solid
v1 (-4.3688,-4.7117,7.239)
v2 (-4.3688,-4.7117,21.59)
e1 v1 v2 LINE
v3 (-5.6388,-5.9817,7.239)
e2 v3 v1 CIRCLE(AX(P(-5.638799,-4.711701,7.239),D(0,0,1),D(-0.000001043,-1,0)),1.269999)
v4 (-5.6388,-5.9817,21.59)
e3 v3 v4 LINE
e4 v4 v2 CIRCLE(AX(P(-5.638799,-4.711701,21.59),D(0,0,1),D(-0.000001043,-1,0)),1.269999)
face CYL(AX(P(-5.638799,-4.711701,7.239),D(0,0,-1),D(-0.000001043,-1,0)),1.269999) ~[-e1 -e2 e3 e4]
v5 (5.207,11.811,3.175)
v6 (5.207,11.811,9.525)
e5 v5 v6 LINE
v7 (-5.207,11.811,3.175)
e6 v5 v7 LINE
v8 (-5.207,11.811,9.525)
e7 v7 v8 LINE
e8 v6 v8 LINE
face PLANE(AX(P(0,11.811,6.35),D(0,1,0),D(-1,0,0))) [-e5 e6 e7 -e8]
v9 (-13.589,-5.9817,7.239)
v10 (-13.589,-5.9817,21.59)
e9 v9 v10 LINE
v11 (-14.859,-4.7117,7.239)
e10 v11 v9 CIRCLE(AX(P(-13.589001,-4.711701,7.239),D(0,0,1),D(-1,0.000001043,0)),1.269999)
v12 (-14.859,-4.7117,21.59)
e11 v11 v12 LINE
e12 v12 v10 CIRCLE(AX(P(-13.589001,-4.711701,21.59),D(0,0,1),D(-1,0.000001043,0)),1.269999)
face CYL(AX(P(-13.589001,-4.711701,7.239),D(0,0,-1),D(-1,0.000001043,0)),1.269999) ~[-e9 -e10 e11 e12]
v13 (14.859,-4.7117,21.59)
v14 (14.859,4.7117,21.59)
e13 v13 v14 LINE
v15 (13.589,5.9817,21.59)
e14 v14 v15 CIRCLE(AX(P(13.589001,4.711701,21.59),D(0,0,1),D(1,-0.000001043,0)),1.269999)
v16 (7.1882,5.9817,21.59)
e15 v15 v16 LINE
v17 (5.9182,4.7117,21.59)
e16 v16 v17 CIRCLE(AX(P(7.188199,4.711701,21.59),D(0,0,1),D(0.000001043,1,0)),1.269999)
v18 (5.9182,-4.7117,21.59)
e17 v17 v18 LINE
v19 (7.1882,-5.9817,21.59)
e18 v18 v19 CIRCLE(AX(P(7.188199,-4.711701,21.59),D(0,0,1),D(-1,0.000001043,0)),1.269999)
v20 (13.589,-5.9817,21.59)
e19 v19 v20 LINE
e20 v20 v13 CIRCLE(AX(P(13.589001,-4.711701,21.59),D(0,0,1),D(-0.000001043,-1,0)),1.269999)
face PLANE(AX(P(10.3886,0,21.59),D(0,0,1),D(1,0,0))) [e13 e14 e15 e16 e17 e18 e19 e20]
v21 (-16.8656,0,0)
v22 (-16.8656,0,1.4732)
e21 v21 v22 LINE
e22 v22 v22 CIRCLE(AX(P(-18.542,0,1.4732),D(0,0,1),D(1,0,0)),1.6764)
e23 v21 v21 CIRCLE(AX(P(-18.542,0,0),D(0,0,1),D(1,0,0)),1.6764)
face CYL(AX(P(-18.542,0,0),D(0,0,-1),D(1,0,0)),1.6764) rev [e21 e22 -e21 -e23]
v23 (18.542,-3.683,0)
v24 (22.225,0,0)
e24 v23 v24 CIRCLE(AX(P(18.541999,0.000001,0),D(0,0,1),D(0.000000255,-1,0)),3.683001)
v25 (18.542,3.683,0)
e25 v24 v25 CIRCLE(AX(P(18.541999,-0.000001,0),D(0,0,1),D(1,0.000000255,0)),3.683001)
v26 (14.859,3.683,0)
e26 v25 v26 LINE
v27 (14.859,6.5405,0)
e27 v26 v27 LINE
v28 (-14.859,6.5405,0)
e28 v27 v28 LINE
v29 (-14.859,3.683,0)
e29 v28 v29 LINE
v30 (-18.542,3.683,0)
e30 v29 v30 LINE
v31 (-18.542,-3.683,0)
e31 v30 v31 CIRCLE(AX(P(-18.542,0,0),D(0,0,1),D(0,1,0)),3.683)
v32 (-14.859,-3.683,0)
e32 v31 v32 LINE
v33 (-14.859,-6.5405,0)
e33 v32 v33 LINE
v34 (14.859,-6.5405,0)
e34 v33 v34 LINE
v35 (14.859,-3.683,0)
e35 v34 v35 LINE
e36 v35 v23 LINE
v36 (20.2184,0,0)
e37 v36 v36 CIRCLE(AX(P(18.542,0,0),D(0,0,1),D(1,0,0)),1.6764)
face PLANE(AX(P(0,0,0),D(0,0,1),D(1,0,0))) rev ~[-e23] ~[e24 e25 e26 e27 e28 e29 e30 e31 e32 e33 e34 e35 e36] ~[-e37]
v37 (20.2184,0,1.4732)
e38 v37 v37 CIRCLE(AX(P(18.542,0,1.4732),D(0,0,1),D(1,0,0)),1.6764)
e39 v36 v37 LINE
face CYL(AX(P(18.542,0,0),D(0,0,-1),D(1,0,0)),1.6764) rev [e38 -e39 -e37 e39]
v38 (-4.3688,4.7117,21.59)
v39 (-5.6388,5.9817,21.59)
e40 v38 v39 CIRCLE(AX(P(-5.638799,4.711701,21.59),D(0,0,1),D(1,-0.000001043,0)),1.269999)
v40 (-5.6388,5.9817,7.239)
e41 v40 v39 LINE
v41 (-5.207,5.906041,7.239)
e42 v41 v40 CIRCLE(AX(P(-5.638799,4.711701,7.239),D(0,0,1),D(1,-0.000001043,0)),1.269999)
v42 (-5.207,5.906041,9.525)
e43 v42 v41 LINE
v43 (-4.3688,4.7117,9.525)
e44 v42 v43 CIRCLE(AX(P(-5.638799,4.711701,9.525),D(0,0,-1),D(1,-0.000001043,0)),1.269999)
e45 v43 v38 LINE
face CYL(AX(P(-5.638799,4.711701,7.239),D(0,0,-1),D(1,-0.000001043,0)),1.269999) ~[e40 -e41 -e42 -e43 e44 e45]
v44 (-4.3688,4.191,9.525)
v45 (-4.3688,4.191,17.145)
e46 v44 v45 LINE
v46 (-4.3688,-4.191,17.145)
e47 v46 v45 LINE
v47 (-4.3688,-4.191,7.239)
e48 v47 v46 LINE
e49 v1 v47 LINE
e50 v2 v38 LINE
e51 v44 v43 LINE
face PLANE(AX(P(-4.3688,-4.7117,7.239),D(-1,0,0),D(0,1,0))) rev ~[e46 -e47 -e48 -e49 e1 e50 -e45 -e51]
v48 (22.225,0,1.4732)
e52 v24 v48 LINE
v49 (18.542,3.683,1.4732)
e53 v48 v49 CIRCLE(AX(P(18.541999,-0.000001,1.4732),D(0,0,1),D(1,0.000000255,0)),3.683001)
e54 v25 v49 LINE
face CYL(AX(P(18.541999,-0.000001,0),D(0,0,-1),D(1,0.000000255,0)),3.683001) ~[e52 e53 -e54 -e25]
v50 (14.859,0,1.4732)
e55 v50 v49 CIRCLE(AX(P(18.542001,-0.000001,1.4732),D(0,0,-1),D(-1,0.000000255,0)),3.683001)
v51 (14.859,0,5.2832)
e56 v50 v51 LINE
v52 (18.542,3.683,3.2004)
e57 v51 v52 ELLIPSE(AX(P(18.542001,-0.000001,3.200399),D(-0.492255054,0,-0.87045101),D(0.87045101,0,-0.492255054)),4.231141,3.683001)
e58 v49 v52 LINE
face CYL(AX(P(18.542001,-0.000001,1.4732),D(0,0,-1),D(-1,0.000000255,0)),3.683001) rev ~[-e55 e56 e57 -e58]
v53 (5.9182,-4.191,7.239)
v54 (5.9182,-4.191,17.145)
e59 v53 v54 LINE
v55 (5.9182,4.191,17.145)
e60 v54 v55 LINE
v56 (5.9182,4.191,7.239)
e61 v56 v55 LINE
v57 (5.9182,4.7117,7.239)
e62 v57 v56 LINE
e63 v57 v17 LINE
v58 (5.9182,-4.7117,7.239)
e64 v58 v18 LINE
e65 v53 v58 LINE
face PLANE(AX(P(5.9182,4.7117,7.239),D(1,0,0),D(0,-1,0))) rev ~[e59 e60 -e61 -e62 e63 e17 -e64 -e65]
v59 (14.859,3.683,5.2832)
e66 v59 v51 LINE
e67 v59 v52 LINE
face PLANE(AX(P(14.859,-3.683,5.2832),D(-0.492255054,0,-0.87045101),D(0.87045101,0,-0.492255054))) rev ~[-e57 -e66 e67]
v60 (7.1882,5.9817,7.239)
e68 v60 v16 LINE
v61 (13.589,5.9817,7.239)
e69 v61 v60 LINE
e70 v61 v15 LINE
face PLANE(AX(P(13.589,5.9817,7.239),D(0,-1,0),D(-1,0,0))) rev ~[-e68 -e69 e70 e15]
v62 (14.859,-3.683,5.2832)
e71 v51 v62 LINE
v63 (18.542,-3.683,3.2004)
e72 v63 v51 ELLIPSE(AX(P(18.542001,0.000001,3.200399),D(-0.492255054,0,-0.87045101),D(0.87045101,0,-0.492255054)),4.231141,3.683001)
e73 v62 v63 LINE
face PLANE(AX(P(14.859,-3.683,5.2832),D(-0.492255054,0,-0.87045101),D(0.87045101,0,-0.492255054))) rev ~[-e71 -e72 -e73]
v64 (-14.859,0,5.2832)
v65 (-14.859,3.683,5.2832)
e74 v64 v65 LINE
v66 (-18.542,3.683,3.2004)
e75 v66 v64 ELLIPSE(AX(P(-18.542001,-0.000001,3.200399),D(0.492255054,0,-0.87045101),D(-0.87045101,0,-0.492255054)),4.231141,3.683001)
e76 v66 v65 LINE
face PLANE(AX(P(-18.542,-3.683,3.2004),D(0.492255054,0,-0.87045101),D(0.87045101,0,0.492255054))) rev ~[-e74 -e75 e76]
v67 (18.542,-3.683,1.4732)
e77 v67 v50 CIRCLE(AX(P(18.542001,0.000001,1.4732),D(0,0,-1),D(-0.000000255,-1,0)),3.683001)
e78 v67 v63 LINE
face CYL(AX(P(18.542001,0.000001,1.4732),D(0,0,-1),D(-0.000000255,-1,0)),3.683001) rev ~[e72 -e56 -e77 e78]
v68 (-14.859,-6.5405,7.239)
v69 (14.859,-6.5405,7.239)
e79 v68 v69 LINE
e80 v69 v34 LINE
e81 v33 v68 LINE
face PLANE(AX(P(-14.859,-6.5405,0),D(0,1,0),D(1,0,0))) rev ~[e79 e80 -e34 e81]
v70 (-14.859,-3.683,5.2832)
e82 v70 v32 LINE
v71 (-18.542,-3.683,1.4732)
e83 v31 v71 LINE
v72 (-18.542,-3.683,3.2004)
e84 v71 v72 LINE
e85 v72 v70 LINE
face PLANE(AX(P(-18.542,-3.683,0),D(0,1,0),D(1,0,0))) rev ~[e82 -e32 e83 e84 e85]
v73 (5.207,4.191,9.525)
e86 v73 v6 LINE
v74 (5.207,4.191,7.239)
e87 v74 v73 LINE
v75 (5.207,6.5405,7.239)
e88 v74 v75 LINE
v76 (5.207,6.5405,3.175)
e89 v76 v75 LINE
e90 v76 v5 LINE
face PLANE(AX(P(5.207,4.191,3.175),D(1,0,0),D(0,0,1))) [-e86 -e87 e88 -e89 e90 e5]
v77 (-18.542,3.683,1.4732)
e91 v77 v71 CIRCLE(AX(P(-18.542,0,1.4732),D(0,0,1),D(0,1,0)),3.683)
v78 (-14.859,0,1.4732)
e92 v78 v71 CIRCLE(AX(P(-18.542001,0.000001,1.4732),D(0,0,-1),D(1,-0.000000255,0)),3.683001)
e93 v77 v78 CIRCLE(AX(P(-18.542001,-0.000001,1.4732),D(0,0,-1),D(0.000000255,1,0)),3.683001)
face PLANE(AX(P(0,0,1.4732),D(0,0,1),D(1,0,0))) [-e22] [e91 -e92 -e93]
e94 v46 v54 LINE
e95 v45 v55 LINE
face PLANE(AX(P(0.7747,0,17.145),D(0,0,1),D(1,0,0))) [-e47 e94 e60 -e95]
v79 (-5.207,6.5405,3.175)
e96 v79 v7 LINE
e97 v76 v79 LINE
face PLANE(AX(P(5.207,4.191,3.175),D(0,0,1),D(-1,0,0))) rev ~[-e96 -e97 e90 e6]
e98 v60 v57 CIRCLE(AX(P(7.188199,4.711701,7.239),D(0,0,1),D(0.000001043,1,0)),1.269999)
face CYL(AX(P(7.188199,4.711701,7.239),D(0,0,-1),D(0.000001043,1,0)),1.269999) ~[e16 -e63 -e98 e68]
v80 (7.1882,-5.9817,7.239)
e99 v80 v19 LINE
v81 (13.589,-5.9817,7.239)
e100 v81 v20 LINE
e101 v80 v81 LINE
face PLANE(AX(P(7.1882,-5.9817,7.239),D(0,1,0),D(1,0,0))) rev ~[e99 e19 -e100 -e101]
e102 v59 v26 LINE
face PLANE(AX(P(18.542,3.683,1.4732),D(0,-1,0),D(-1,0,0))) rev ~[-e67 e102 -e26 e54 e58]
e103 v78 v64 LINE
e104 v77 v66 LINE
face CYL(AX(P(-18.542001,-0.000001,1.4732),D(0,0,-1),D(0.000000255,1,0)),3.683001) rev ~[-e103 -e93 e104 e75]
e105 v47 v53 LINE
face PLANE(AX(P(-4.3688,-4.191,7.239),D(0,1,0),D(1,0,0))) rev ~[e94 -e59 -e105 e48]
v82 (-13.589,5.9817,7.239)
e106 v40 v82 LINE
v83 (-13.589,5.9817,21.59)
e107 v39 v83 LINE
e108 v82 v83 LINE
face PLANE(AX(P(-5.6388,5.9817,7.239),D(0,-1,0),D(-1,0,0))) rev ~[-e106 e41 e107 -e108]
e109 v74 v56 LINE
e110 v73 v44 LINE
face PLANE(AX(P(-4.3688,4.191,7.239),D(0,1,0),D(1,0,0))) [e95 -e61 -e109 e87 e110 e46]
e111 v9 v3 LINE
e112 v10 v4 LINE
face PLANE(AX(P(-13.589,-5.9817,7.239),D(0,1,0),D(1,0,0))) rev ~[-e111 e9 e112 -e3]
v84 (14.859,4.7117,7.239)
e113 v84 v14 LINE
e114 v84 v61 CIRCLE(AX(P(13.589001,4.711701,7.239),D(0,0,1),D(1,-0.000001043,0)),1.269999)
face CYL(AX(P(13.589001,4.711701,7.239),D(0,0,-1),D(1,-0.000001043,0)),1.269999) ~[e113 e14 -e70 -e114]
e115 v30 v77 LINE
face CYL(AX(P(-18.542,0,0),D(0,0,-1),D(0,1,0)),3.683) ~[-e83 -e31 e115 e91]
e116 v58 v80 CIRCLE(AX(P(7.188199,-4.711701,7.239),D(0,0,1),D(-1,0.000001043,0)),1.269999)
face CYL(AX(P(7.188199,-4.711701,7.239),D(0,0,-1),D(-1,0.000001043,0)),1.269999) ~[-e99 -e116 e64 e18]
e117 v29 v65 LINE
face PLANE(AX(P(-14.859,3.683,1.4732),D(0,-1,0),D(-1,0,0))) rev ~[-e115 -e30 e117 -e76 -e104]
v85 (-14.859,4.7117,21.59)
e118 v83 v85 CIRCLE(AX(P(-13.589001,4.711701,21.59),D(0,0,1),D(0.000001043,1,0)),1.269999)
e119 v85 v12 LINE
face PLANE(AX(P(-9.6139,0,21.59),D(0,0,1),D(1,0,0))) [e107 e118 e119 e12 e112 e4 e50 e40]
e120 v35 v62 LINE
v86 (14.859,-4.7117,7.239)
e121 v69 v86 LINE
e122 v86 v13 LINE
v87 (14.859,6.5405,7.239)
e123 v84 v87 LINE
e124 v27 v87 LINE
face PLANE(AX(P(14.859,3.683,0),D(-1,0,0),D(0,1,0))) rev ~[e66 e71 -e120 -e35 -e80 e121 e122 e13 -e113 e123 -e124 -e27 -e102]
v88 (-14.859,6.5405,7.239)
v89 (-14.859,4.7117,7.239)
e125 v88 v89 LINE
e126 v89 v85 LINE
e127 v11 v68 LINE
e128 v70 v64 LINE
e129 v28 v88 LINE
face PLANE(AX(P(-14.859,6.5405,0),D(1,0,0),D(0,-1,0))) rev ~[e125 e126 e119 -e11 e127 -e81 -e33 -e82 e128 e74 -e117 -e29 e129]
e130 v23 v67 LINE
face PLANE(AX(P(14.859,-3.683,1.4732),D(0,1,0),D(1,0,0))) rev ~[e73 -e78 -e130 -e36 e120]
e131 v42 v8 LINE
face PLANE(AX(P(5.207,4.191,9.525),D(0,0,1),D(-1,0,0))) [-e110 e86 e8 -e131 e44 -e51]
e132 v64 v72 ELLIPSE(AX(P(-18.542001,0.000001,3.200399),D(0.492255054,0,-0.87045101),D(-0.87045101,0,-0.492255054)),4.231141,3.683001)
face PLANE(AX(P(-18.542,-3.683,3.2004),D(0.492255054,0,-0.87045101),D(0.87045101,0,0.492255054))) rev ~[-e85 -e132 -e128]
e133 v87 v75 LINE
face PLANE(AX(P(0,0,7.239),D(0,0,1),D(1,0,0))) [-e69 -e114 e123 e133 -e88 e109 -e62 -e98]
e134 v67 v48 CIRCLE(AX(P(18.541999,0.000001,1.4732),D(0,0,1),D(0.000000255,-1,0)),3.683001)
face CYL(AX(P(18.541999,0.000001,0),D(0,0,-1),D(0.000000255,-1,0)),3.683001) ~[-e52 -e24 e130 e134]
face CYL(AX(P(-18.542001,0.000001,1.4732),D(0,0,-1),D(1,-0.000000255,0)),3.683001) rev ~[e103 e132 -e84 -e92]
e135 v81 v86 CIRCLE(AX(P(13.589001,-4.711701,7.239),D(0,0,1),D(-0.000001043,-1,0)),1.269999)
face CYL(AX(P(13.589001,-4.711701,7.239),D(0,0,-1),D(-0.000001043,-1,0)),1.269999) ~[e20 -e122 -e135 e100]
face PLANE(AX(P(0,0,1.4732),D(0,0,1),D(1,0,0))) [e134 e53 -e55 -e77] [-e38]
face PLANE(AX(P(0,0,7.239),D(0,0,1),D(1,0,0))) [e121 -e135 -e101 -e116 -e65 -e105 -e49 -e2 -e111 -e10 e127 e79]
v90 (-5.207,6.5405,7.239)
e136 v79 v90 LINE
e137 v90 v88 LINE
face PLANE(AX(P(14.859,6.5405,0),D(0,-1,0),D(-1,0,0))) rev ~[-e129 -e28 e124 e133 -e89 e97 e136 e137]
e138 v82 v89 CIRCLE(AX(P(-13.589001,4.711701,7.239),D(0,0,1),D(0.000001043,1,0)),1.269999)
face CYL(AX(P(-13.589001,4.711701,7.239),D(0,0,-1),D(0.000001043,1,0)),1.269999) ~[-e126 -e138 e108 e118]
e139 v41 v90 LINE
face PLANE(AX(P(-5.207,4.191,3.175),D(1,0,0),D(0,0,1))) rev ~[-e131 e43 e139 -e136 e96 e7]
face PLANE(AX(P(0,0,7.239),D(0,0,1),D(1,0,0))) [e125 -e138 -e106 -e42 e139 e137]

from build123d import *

# Parameters (mm, degrees)
F0_R      = 1.6764
F1_DEPTH  = 1.4732
F3_DEPTH  = 3.81
F5_DEPTH  = 7.366
F7_DEPTH  = 7.239
F9_DEPTH  = 14.351
F10_W     = 10.287
F10_H     = 8.382
F11_DEPTH = 9.906
F12_W     = 10.414
F12_H     = 6.35
F13_DEPTH = 7.62


with BuildPart() as f1:
    # F0 (on Top) → F1 (new body)
    with BuildSketch(Plane.XY):
        Polygon((14.859, 3.683), (14.859, 6.5405), (-14.859, 6.5405), (-14.859, 3.683), (-14.859, 0), (-14.859, -3.683), (-14.859, -6.5405), (14.859, -6.5405), (14.859, -3.683), (14.859, 0), align=None)
        with BuildLine():
            Line((18.542, 3.683), (14.859, 3.683))
            Line((14.859, 3.683), (14.859, 0))
            ThreePointArc((14.859, 0), (15.937726, 2.604274), (18.542, 3.683))
        make_face()
        with BuildLine():
            Line((-14.859, 0), (-14.859, 3.683))
            Line((-14.859, 3.683), (-18.542, 3.683))
            ThreePointArc((-18.542, 3.683), (-15.937726, 2.604274), (-14.859, 0))
        make_face()
        with BuildLine():
            ThreePointArc((18.542, -3.683), (15.937726, -2.604274), (14.859, 0))
            Line((14.859, 0), (14.859, -3.683))
            Line((14.859, -3.683), (18.542, -3.683))
        make_face()
        with BuildLine():
            ThreePointArc((18.542, 3.683), (15.937726, 2.604274), (14.859, 0))
            ThreePointArc((14.859, 0), (15.937726, -2.604274), (18.542, -3.683))
            ThreePointArc((18.542, -3.683), (21.146274, -2.604274), (22.225, 0))
            ThreePointArc((22.225, 0), (21.146274, 2.604274), (18.542, 3.683))
        make_face()
        with Locations((18.542, 0)):
            Circle(F0_R, mode=Mode.SUBTRACT)
        with BuildLine():
            ThreePointArc((-18.542, -3.683), (-15.937726, -2.604274), (-14.859, 0))
            ThreePointArc((-14.859, 0), (-15.937726, 2.604274), (-18.542, 3.683))
            ThreePointArc((-18.542, 3.683), (-22.225, 0), (-18.542, -3.683))
        make_face()
        with Locations((-18.542, 0)):
            Circle(F0_R, mode=Mode.SUBTRACT)
        with BuildLine():
            Line((-14.859, -3.683), (-14.859, 0))
            ThreePointArc((-14.859, 0), (-15.937726, -2.604274), (-18.542, -3.683))
            Line((-18.542, -3.683), (-14.859, -3.683))
        make_face()
    extrude(amount=F1_DEPTH)



with BuildPart() as f3:
    # F2 (on face) → F3 (new body)
    with BuildSketch(Plane.XY.offset(1.4732)):
        with BuildLine():
            Line((-14.859, 3.683), (-18.542, 3.683))
            ThreePointArc((-18.542, 3.683), (-15.937726, 2.604274), (-14.859, 0))
            Line((-14.859, 0), (-14.859, 3.683))
        make_face()
        with BuildLine():
            Line((-14.859, -3.683), (-14.859, 0))
            ThreePointArc((-14.859, 0), (-15.937726, -2.604274), (-18.542, -3.683))
            Line((-18.542, -3.683), (-14.859, -3.683))
        make_face()
        with BuildLine():
            Line((14.859, -3.683), (18.542, -3.683))
            ThreePointArc((18.542, -3.683), (15.937726, -2.604274), (14.859, 0))
            Line((14.859, 0), (14.859, -3.683))
        make_face()
        with BuildLine():
            Line((14.859, 3.683), (14.859, 0))
            ThreePointArc((14.859, 0), (15.937726, 2.604274), (18.542, 3.683))
            Line((18.542, 3.683), (14.859, 3.683))
        make_face()
    extrude(amount=F3_DEPTH)

    # F4 (on face) → F5 (cut, through all)
    with BuildSketch(Plane.XZ.offset(3.683)):
        Polygon((-18.542, 5.2832), (-18.542, 3.2004), (-14.859, 5.2832), align=None)
        Polygon((14.859, 5.2832), (18.542, 3.2004), (18.542, 5.2832), align=None)
    extrude(amount=-F5_DEPTH, mode=Mode.SUBTRACT)


with BuildPart() as f1_1:
    add(f1.part)

    add(f3.part)  # F7 merges F3
    # F6 (on Top) → F7 (join)
    with BuildSketch(Plane.XY):
        Polygon((14.859, 3.683), (14.859, 6.5405), (-14.859, 6.5405), (-14.859, 3.683), (-14.859, 0), (-14.859, -3.683), (-14.859, -6.5405), (14.859, -6.5405), (14.859, -3.683), (14.859, 0), align=None)
    extrude(amount=F7_DEPTH)

    # F8 (on face) → F9 (join)
    with BuildSketch(Plane.XY.offset(7.239)):
        with BuildLine():
            ThreePointArc((-4.3688, 4.7117), (-4.740774, 5.609726), (-5.6388, 5.9817))
            Line((-5.6388, 5.9817), (-13.589, 5.9817))
            ThreePointArc((-13.589, 5.9817), (-14.487026, 5.609726), (-14.859, 4.7117))
            Line((-14.859, 4.7117), (-14.859, -4.7117))
            ThreePointArc((-14.859, -4.7117), (-14.487026, -5.609726), (-13.589, -5.9817))
            Line((-13.589, -5.9817), (-5.6388, -5.9817))
            ThreePointArc((-5.6388, -5.9817), (-4.740774, -5.609726), (-4.3688, -4.7117))
            Line((-4.3688, -4.7117), (-4.3688, 4.7117))
        make_face()
        with BuildLine():
            ThreePointArc((14.859, 4.7117), (14.487026, 5.609726), (13.589, 5.9817))
            Line((13.589, 5.9817), (7.1882, 5.9817))
            ThreePointArc((7.1882, 5.9817), (6.290174, 5.609726), (5.9182, 4.7117))
            Line((5.9182, 4.7117), (5.9182, -4.7117))
            ThreePointArc((5.9182, -4.7117), (6.290174, -5.609726), (7.1882, -5.9817))
            Line((7.1882, -5.9817), (13.589, -5.9817))
            ThreePointArc((13.589, -5.9817), (14.487026, -5.609726), (14.859, -4.7117))
            Line((14.859, -4.7117), (14.859, 4.7117))
        make_face()
    extrude(amount=F9_DEPTH)

    # F10 (on face) → F11 (join)
    with BuildSketch(Plane.XY.offset(7.239)):
        with Locations((0.7747, 0)):
            Rectangle(F10_W, F10_H)
    extrude(amount=F11_DEPTH)

    # F12 (on face) → F13 (join)
    with BuildSketch(Plane(origin=(0, 4.191, 0), x_dir=(-1, 0, 0), z_dir=(0, 1, 0))):
        with Locations((0, 6.35)):
            Rectangle(F12_W, F12_H)
    extrude(amount=F13_DEPTH)


solid = f1_1.part
